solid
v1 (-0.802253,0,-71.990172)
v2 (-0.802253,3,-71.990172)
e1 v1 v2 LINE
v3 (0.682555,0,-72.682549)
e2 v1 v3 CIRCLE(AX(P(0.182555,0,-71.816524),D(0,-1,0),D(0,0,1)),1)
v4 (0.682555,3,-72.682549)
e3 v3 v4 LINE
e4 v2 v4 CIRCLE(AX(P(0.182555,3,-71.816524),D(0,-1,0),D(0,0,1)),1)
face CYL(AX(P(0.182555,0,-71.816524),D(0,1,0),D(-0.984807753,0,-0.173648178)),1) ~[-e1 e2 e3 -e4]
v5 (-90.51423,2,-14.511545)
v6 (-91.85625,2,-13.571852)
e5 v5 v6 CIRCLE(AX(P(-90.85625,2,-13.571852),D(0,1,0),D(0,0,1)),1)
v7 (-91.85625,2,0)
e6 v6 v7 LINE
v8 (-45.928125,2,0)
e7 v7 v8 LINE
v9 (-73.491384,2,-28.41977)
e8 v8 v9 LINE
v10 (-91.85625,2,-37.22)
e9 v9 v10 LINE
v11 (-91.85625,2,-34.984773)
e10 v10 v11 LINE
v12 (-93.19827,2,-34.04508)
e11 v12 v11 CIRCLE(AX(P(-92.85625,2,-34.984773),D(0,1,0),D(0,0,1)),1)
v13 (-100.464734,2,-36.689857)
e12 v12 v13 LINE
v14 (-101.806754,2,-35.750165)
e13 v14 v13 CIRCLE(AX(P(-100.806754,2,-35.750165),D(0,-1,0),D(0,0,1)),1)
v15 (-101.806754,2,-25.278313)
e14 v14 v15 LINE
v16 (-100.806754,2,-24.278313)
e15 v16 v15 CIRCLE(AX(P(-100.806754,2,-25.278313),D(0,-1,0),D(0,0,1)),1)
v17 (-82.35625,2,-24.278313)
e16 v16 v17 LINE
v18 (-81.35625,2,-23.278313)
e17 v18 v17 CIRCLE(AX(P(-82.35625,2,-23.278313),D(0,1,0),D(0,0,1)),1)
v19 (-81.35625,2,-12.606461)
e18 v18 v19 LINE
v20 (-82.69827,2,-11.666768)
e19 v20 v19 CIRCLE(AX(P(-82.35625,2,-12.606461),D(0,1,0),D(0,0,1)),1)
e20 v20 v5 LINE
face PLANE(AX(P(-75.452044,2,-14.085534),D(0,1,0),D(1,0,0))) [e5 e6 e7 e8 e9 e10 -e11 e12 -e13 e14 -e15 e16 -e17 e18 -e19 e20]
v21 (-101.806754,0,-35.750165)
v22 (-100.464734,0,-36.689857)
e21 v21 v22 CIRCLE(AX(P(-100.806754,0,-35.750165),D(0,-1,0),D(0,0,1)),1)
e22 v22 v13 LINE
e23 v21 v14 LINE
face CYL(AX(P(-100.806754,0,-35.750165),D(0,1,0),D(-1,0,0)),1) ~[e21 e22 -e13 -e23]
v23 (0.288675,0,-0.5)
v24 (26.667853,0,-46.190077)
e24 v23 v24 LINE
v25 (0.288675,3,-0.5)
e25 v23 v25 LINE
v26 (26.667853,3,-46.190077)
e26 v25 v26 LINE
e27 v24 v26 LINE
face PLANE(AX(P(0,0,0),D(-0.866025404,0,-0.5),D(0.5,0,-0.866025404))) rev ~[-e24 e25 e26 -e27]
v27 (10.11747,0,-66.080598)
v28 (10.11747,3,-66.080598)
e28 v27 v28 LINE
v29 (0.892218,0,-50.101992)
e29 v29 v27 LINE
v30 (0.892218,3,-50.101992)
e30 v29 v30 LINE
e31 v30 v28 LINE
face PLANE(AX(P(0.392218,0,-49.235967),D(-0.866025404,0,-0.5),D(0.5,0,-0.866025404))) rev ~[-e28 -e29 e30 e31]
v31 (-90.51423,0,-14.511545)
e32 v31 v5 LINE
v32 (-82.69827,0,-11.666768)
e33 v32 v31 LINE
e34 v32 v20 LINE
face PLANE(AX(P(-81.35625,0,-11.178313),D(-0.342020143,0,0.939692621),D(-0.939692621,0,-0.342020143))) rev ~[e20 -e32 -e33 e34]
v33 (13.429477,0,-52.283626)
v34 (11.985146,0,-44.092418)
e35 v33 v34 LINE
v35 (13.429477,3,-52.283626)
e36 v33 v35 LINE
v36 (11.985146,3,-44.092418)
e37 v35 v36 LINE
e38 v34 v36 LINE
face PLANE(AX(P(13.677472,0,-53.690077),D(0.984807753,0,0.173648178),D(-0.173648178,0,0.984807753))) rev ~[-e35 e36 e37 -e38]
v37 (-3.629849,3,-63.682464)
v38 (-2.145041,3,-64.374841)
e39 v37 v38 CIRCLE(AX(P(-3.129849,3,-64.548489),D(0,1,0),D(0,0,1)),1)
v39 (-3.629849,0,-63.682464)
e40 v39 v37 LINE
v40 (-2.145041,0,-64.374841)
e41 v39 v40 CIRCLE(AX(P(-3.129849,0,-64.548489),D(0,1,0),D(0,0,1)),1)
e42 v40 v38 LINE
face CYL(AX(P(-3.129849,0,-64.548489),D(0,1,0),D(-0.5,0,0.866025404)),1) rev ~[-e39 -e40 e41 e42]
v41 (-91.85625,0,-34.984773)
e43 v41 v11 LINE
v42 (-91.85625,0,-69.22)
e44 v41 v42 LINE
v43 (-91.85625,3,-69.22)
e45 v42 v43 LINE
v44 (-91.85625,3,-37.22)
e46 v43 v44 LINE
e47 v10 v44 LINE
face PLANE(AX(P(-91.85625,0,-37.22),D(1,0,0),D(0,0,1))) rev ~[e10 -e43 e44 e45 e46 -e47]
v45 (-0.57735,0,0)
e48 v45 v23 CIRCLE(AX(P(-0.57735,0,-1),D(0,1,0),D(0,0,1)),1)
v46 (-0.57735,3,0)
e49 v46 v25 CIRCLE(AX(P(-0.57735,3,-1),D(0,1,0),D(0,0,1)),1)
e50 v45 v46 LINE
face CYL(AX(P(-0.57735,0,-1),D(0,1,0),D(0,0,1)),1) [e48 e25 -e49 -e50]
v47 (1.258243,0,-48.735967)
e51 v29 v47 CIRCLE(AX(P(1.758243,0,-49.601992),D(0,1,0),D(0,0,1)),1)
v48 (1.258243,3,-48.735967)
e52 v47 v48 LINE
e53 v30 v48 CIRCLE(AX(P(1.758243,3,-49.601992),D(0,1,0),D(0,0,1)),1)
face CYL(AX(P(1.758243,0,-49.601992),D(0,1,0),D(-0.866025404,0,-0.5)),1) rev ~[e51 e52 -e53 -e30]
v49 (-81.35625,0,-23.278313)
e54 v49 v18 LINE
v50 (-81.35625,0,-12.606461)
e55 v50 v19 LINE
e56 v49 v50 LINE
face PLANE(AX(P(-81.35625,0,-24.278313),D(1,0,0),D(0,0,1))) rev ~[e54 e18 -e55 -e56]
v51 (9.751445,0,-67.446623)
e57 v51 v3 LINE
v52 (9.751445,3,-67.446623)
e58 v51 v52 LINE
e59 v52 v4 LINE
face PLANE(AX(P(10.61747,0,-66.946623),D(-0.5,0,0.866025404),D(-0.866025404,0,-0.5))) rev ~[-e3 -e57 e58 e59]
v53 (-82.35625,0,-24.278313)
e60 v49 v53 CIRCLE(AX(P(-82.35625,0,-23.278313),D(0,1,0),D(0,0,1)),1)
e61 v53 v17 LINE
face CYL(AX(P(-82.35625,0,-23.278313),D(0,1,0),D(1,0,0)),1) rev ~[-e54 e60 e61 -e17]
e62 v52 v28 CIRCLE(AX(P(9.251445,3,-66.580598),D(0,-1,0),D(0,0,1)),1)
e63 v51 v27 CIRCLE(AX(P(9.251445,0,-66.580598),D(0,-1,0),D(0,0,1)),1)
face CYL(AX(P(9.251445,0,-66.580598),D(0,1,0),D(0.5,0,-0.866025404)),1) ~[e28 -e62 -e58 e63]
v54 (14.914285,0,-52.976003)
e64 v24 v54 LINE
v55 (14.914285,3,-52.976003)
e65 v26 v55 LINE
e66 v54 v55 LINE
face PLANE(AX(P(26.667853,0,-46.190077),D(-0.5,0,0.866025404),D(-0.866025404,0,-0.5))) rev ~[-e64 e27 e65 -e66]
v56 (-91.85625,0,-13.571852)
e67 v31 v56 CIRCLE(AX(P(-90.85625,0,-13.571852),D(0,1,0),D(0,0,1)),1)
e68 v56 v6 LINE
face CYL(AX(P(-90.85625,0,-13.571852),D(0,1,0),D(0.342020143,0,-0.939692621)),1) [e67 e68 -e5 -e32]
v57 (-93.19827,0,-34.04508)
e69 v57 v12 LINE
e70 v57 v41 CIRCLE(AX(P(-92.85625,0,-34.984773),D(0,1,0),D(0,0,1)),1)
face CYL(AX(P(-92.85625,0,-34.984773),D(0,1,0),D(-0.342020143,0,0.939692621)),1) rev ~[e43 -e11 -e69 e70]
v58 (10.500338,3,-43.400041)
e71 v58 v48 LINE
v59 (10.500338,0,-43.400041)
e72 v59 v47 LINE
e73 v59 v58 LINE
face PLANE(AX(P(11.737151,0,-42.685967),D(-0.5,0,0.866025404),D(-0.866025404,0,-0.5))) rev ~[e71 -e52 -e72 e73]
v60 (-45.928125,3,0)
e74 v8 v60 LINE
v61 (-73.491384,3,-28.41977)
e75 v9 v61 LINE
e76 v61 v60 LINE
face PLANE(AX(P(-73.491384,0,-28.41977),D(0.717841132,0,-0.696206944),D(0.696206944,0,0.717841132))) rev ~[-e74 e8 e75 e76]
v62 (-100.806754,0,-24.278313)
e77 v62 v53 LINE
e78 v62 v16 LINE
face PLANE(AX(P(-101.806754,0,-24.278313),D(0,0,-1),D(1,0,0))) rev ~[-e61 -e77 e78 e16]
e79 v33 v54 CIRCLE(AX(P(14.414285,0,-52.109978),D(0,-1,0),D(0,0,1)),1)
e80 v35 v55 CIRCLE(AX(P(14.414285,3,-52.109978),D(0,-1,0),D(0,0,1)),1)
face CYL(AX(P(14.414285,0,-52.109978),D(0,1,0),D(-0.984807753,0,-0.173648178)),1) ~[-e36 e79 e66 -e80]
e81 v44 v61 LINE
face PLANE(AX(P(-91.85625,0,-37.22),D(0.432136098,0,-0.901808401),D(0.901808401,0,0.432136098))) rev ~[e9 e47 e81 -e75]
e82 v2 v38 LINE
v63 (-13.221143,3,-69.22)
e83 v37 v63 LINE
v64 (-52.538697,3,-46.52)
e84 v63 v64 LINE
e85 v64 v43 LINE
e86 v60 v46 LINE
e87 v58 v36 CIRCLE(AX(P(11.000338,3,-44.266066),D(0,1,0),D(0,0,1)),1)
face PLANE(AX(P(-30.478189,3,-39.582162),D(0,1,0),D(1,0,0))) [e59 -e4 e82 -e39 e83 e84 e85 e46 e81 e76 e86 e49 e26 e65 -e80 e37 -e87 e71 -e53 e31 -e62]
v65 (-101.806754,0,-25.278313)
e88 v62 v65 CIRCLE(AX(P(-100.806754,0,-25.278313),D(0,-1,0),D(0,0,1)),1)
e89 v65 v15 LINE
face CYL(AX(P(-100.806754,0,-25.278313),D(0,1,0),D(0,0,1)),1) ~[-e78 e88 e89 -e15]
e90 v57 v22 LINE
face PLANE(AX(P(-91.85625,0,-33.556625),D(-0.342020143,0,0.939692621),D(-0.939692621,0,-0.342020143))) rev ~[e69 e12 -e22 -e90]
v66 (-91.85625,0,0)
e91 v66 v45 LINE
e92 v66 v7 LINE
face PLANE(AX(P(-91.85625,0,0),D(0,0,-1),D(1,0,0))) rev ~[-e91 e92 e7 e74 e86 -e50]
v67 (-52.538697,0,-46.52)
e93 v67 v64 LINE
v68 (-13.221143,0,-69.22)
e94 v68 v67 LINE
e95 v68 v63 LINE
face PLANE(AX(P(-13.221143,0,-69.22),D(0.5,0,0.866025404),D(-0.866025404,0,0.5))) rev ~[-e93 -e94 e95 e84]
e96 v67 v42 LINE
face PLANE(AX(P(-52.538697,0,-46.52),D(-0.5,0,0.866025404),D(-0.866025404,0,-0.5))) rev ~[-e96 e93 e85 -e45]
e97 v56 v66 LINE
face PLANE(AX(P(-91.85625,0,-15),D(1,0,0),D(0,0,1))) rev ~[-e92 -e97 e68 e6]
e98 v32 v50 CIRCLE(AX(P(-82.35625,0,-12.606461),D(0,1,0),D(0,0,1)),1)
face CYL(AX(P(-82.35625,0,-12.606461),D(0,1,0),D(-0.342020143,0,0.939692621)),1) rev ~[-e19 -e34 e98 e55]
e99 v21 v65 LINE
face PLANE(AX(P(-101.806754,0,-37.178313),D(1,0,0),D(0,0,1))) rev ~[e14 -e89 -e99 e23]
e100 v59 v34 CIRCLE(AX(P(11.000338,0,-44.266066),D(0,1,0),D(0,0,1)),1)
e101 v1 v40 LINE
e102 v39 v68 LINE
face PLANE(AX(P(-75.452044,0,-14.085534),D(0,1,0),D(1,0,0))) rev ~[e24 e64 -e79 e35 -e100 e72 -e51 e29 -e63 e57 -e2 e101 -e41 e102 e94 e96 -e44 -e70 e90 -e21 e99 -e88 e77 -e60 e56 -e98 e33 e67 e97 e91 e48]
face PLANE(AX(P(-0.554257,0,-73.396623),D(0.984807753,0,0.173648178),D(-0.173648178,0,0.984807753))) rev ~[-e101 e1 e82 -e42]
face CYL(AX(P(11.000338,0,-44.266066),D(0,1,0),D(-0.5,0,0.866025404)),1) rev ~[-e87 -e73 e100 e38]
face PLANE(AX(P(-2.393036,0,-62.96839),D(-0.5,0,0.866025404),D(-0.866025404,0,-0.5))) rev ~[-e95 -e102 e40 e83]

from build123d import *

# Parameters (mm, degrees)
P_IDAT_VYSUNUT_M1_DEPTH = 3
P_IDAT_VYSUNUT_M2_DEPTH = 2
ZAOBLIT1_R              = 1


with BuildPart() as part:
    # Skica1 → Přidat vysunutím1 (new body)
    with BuildSketch(Plane(origin=(0, 0, 0), x_dir=(1, 0, 0), z_dir=(0, 1, 0))):
        Polygon((26.667853432, 46.190077074), (13.677472376, 53.690077074), (11.737150801, 42.685966604), (0.392218012, 49.235966604), (10.61747027, 66.946623035), (-0.554257439, 73.396623035), (-2.393036353, 62.968389614), (-13.22114317, 69.22), (-52.538696502, 46.52), (-91.856249834, 69.22), (-91.856249834, 37.22), (-73.49138407, 28.419769911), (-45.928124917, 0), (0, 0), align=None)
    extrude(amount=P_IDAT_VYSUNUT_M1_DEPTH)

    # Skica1<15> → Přidat vysunutím2 (add)
    with BuildSketch(Plane(origin=(0, 0, 0), x_dir=(1, 0, 0), z_dir=(0, 1, 0))):
        Polygon((-91.856249834, 0), (-45.928124917, 0), (-73.49138407, 28.419769911), (-91.856249834, 37.22), (-91.856249834, 33.55662508), (-101.80675435, 37.17831254), (-101.80675435, 24.27831254), (-81.356249834, 24.27831254), (-81.356249834, 11.17831254), (-91.856249834, 15), align=None)
    extrude(amount=P_IDAT_VYSUNUT_M2_DEPTH)

    # Zaoblit1
    zaoblit1_edges = [part.edges().sort_by_distance(p)[0] for p in [
        (-81.356249834, 1, -11.17831254),
        (-91.856249834, 1, -15),
        (-81.356249834, 1, -24.27831254),
        (-101.80675435, 1, -24.27831254),
        (-101.80675435, 1, -37.17831254),
        (-91.856249834, 1, -33.55662508),
        (0, 1.5, 0),
        (13.677472376, 1.5, -53.690077074),
        (11.737150801, 1.5, -42.685966604),
        (0.392218012, 1.5, -49.235966604),
        (-2.393036353, 1.5, -62.968389614),
        (-0.554257439, 1.5, -73.396623035),
        (10.61747027, 1.5, -66.946623035),
    ]]
    fillet(zaoblit1_edges, radius=ZAOBLIT1_R)


solid = part.part
